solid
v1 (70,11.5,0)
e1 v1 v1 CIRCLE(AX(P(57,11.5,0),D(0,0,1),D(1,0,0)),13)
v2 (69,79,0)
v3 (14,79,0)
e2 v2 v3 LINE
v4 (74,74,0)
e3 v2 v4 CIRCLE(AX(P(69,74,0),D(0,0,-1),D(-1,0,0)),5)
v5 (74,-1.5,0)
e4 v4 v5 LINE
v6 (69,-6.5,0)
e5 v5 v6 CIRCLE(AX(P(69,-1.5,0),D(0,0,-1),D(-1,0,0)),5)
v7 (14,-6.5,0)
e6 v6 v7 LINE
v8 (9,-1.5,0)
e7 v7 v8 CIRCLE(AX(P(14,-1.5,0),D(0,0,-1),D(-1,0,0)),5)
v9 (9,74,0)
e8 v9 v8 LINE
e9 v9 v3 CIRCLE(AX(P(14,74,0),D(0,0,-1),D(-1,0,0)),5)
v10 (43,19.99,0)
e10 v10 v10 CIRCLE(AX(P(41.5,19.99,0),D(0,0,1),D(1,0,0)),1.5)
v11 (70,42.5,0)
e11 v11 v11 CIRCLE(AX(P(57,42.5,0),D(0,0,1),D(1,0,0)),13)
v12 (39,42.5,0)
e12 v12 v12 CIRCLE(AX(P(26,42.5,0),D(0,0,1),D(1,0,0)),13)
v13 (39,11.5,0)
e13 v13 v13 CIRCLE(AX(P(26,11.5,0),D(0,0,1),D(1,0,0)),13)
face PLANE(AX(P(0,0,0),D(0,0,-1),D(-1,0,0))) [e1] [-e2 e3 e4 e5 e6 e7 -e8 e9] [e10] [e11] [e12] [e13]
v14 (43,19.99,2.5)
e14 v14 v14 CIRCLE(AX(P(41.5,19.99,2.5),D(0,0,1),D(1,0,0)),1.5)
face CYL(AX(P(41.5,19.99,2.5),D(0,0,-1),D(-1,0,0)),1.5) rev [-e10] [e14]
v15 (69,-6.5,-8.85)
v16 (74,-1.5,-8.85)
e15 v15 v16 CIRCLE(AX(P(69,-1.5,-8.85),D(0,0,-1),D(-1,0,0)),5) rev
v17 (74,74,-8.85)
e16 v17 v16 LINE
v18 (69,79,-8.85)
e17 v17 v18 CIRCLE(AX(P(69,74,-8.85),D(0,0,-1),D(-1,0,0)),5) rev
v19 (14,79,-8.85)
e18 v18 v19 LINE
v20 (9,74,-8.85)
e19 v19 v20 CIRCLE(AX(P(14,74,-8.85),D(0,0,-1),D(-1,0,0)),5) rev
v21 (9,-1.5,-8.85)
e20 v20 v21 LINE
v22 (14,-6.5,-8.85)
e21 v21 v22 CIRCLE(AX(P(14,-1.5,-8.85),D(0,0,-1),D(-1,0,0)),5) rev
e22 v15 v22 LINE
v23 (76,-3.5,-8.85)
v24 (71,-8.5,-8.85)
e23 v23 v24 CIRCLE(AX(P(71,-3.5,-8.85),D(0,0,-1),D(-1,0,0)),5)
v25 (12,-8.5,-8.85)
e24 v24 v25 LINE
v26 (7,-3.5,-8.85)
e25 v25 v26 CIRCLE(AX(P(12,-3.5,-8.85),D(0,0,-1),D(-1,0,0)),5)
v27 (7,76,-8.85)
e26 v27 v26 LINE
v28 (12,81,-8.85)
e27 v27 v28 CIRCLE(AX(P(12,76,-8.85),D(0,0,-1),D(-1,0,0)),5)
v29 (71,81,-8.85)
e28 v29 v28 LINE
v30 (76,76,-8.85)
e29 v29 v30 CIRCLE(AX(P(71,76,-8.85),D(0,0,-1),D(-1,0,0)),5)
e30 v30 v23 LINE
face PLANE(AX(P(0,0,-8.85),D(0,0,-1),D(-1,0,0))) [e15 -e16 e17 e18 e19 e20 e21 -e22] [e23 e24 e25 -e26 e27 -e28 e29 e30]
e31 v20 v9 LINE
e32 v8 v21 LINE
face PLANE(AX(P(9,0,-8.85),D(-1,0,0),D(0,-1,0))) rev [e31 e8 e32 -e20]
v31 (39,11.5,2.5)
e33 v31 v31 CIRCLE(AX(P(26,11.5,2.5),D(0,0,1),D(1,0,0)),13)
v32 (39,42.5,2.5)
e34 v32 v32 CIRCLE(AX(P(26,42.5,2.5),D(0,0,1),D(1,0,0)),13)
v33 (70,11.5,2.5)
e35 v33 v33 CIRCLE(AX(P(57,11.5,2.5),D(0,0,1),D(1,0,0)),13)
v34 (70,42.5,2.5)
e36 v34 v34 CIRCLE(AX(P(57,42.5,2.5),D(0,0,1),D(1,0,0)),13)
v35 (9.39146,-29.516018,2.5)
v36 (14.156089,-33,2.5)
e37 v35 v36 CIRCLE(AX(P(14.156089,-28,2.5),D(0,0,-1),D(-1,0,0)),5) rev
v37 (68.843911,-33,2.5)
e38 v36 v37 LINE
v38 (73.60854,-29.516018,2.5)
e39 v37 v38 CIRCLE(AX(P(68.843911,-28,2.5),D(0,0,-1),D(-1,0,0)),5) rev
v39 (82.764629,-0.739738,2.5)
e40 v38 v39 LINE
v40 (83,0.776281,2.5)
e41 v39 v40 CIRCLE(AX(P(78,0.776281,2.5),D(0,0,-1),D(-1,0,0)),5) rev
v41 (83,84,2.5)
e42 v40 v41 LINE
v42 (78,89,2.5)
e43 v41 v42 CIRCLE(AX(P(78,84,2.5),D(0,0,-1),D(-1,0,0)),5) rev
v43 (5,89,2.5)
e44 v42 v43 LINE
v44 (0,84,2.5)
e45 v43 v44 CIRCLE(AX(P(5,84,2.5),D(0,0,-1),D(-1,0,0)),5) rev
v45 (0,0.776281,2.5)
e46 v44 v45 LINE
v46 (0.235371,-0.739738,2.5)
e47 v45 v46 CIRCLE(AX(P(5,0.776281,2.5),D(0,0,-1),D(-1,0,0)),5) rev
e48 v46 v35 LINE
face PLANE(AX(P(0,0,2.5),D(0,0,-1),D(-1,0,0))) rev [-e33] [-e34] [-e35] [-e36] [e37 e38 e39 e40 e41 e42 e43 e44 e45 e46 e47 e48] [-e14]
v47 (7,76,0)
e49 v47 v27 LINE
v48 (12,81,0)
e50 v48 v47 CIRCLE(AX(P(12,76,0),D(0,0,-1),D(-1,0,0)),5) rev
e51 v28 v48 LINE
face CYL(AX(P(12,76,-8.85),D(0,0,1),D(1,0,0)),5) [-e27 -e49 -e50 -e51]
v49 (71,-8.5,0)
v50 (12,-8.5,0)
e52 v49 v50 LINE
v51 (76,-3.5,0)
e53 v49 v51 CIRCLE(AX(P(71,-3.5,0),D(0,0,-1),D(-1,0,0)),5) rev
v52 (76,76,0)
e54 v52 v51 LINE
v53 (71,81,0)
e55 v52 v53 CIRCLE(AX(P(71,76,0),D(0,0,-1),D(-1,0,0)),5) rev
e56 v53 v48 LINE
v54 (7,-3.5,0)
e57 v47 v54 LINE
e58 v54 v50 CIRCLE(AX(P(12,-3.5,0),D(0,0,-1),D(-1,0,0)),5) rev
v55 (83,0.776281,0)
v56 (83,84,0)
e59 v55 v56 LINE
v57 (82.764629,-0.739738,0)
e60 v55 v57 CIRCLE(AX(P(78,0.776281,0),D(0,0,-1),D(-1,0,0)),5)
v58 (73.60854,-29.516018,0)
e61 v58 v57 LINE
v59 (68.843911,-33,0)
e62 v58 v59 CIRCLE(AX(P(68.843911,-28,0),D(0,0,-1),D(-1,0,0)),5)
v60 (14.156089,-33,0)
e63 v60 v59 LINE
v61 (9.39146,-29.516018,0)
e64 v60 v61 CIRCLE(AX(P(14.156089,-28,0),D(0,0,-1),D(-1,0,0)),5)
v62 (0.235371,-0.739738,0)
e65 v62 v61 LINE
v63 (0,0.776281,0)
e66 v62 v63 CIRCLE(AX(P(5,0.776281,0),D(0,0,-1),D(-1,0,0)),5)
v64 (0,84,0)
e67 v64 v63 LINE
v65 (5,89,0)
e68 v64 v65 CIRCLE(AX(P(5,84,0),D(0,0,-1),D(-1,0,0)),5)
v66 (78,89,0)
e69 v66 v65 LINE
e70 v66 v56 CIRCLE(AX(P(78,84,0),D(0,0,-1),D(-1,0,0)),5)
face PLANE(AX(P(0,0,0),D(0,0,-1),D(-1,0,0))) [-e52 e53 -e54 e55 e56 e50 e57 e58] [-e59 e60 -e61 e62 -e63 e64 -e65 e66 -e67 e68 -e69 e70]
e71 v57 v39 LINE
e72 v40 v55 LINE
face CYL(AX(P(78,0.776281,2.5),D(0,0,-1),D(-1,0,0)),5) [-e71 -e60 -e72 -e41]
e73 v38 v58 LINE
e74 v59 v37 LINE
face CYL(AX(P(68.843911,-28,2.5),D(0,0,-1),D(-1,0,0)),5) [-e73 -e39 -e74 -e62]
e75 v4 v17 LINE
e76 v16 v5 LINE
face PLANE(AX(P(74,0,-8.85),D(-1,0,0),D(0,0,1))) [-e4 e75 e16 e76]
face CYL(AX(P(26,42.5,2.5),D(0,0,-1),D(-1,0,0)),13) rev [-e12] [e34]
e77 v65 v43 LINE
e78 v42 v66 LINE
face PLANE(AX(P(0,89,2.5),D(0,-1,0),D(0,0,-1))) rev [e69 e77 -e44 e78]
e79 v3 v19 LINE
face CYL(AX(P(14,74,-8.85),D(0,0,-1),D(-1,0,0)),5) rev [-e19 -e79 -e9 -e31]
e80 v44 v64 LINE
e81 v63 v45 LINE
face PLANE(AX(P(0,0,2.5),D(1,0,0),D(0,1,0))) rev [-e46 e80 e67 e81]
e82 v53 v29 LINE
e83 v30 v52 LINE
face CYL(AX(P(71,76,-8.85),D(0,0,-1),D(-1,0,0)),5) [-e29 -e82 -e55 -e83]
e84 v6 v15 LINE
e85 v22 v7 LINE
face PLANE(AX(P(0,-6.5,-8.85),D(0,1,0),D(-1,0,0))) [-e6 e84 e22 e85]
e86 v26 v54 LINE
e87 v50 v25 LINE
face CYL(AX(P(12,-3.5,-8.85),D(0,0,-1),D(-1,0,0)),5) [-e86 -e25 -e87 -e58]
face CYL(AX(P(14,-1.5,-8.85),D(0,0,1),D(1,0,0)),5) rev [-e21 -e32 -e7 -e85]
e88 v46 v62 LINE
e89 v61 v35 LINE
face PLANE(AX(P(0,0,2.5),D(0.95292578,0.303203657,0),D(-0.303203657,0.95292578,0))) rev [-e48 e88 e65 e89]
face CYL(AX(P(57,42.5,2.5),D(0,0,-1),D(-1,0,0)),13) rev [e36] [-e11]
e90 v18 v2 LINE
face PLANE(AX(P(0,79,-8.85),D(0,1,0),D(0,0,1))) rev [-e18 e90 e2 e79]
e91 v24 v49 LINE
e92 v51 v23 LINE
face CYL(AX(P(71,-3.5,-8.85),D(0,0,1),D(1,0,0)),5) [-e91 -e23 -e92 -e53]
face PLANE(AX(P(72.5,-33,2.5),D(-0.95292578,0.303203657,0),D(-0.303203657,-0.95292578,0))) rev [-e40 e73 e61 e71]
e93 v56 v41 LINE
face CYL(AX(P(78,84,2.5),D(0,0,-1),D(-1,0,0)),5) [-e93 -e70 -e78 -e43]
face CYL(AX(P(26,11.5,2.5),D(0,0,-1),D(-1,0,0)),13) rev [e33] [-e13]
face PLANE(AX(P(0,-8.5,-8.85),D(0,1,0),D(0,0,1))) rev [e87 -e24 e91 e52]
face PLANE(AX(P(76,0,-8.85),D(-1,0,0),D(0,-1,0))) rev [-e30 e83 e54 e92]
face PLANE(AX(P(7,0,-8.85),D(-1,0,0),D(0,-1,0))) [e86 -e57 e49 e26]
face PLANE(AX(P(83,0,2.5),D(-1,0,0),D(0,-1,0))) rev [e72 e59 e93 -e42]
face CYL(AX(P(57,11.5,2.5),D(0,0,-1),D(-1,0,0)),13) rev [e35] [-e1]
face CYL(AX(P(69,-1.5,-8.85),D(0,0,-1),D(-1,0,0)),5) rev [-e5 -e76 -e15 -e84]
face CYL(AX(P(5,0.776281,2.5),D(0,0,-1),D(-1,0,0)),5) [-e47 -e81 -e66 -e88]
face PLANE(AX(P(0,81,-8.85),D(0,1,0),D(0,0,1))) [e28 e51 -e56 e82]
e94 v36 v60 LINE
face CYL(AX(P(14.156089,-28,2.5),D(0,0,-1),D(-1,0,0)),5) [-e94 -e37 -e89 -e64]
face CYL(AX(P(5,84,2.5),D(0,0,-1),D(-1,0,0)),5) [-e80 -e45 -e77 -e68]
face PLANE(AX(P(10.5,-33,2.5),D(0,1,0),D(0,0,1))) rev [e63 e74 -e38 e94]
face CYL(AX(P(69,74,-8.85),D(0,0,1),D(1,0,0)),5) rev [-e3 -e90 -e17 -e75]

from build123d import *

# Parameters (mm, degrees)
SKETCH1_R           = 13
SKETCH1_R_2         = 1.5
BOSS_EXTRUDE1_DEPTH = 2.5
SKETCH2_W           = 69
SKETCH2_H           = 89.5
SKETCH2_W_2         = 65
SKETCH2_H_2         = 85.5
BOSS_EXTRUDE2_DEPTH = 8.85
FILLET1_R           = 5


with BuildPart() as part:
    # Sketch1 → Boss-Extrude1 (new body)
    with BuildSketch(Plane.XY):
        Polygon((0, 0), (10.5, -33), (72.5, -33), (83, 0), (83, 89), (0, 89), align=None)
        with Locations((26, 42.5)):
            Circle(SKETCH1_R, mode=Mode.SUBTRACT)
        with Locations((57, 42.5)):
            Circle(SKETCH1_R, mode=Mode.SUBTRACT)
        with Locations((26, 11.5)):
            Circle(SKETCH1_R, mode=Mode.SUBTRACT)
        with Locations((57, 11.5)):
            Circle(SKETCH1_R, mode=Mode.SUBTRACT)
        with Locations((41.5, 19.99)):
            Circle(SKETCH1_R_2, mode=Mode.SUBTRACT)
    extrude(amount=BOSS_EXTRUDE1_DEPTH)

    # Sketch2 → Boss-Extrude2 (add)
    with BuildSketch(Plane(origin=(0, 0, 0), x_dir=(-1, 0, 0), z_dir=(0, 0, -1))):
        with Locations((-41.5, 36.25)):
            Rectangle(SKETCH2_W, SKETCH2_H)
        with Locations((-41.5, 36.25)):
            Rectangle(SKETCH2_W_2, SKETCH2_H_2, mode=Mode.SUBTRACT)
    extrude(amount=BOSS_EXTRUDE2_DEPTH)

    # Fillet1
    fillet1_edges = [part.edges().sort_by_distance(p)[0] for p in [
        (0, 89, 1.25),
        (83, 89, 1.25),
        (83, 0, 1.25),
        (72.5, -33, 1.25),
        (10.5, -33, 1.25),
        (0, 0, 1.25),
        (74, -6.5, -4.425),
        (74, 79, -4.425),
        (9, 79, -4.425),
        (7, -8.5, -4.425),
        (7, 81, -4.425),
        (76, 81, -4.425),
        (76, -8.5, -4.425),
        (9, -6.5, -4.425),
    ]]
    fillet(fillet1_edges, radius=FILLET1_R)


solid = part.part
